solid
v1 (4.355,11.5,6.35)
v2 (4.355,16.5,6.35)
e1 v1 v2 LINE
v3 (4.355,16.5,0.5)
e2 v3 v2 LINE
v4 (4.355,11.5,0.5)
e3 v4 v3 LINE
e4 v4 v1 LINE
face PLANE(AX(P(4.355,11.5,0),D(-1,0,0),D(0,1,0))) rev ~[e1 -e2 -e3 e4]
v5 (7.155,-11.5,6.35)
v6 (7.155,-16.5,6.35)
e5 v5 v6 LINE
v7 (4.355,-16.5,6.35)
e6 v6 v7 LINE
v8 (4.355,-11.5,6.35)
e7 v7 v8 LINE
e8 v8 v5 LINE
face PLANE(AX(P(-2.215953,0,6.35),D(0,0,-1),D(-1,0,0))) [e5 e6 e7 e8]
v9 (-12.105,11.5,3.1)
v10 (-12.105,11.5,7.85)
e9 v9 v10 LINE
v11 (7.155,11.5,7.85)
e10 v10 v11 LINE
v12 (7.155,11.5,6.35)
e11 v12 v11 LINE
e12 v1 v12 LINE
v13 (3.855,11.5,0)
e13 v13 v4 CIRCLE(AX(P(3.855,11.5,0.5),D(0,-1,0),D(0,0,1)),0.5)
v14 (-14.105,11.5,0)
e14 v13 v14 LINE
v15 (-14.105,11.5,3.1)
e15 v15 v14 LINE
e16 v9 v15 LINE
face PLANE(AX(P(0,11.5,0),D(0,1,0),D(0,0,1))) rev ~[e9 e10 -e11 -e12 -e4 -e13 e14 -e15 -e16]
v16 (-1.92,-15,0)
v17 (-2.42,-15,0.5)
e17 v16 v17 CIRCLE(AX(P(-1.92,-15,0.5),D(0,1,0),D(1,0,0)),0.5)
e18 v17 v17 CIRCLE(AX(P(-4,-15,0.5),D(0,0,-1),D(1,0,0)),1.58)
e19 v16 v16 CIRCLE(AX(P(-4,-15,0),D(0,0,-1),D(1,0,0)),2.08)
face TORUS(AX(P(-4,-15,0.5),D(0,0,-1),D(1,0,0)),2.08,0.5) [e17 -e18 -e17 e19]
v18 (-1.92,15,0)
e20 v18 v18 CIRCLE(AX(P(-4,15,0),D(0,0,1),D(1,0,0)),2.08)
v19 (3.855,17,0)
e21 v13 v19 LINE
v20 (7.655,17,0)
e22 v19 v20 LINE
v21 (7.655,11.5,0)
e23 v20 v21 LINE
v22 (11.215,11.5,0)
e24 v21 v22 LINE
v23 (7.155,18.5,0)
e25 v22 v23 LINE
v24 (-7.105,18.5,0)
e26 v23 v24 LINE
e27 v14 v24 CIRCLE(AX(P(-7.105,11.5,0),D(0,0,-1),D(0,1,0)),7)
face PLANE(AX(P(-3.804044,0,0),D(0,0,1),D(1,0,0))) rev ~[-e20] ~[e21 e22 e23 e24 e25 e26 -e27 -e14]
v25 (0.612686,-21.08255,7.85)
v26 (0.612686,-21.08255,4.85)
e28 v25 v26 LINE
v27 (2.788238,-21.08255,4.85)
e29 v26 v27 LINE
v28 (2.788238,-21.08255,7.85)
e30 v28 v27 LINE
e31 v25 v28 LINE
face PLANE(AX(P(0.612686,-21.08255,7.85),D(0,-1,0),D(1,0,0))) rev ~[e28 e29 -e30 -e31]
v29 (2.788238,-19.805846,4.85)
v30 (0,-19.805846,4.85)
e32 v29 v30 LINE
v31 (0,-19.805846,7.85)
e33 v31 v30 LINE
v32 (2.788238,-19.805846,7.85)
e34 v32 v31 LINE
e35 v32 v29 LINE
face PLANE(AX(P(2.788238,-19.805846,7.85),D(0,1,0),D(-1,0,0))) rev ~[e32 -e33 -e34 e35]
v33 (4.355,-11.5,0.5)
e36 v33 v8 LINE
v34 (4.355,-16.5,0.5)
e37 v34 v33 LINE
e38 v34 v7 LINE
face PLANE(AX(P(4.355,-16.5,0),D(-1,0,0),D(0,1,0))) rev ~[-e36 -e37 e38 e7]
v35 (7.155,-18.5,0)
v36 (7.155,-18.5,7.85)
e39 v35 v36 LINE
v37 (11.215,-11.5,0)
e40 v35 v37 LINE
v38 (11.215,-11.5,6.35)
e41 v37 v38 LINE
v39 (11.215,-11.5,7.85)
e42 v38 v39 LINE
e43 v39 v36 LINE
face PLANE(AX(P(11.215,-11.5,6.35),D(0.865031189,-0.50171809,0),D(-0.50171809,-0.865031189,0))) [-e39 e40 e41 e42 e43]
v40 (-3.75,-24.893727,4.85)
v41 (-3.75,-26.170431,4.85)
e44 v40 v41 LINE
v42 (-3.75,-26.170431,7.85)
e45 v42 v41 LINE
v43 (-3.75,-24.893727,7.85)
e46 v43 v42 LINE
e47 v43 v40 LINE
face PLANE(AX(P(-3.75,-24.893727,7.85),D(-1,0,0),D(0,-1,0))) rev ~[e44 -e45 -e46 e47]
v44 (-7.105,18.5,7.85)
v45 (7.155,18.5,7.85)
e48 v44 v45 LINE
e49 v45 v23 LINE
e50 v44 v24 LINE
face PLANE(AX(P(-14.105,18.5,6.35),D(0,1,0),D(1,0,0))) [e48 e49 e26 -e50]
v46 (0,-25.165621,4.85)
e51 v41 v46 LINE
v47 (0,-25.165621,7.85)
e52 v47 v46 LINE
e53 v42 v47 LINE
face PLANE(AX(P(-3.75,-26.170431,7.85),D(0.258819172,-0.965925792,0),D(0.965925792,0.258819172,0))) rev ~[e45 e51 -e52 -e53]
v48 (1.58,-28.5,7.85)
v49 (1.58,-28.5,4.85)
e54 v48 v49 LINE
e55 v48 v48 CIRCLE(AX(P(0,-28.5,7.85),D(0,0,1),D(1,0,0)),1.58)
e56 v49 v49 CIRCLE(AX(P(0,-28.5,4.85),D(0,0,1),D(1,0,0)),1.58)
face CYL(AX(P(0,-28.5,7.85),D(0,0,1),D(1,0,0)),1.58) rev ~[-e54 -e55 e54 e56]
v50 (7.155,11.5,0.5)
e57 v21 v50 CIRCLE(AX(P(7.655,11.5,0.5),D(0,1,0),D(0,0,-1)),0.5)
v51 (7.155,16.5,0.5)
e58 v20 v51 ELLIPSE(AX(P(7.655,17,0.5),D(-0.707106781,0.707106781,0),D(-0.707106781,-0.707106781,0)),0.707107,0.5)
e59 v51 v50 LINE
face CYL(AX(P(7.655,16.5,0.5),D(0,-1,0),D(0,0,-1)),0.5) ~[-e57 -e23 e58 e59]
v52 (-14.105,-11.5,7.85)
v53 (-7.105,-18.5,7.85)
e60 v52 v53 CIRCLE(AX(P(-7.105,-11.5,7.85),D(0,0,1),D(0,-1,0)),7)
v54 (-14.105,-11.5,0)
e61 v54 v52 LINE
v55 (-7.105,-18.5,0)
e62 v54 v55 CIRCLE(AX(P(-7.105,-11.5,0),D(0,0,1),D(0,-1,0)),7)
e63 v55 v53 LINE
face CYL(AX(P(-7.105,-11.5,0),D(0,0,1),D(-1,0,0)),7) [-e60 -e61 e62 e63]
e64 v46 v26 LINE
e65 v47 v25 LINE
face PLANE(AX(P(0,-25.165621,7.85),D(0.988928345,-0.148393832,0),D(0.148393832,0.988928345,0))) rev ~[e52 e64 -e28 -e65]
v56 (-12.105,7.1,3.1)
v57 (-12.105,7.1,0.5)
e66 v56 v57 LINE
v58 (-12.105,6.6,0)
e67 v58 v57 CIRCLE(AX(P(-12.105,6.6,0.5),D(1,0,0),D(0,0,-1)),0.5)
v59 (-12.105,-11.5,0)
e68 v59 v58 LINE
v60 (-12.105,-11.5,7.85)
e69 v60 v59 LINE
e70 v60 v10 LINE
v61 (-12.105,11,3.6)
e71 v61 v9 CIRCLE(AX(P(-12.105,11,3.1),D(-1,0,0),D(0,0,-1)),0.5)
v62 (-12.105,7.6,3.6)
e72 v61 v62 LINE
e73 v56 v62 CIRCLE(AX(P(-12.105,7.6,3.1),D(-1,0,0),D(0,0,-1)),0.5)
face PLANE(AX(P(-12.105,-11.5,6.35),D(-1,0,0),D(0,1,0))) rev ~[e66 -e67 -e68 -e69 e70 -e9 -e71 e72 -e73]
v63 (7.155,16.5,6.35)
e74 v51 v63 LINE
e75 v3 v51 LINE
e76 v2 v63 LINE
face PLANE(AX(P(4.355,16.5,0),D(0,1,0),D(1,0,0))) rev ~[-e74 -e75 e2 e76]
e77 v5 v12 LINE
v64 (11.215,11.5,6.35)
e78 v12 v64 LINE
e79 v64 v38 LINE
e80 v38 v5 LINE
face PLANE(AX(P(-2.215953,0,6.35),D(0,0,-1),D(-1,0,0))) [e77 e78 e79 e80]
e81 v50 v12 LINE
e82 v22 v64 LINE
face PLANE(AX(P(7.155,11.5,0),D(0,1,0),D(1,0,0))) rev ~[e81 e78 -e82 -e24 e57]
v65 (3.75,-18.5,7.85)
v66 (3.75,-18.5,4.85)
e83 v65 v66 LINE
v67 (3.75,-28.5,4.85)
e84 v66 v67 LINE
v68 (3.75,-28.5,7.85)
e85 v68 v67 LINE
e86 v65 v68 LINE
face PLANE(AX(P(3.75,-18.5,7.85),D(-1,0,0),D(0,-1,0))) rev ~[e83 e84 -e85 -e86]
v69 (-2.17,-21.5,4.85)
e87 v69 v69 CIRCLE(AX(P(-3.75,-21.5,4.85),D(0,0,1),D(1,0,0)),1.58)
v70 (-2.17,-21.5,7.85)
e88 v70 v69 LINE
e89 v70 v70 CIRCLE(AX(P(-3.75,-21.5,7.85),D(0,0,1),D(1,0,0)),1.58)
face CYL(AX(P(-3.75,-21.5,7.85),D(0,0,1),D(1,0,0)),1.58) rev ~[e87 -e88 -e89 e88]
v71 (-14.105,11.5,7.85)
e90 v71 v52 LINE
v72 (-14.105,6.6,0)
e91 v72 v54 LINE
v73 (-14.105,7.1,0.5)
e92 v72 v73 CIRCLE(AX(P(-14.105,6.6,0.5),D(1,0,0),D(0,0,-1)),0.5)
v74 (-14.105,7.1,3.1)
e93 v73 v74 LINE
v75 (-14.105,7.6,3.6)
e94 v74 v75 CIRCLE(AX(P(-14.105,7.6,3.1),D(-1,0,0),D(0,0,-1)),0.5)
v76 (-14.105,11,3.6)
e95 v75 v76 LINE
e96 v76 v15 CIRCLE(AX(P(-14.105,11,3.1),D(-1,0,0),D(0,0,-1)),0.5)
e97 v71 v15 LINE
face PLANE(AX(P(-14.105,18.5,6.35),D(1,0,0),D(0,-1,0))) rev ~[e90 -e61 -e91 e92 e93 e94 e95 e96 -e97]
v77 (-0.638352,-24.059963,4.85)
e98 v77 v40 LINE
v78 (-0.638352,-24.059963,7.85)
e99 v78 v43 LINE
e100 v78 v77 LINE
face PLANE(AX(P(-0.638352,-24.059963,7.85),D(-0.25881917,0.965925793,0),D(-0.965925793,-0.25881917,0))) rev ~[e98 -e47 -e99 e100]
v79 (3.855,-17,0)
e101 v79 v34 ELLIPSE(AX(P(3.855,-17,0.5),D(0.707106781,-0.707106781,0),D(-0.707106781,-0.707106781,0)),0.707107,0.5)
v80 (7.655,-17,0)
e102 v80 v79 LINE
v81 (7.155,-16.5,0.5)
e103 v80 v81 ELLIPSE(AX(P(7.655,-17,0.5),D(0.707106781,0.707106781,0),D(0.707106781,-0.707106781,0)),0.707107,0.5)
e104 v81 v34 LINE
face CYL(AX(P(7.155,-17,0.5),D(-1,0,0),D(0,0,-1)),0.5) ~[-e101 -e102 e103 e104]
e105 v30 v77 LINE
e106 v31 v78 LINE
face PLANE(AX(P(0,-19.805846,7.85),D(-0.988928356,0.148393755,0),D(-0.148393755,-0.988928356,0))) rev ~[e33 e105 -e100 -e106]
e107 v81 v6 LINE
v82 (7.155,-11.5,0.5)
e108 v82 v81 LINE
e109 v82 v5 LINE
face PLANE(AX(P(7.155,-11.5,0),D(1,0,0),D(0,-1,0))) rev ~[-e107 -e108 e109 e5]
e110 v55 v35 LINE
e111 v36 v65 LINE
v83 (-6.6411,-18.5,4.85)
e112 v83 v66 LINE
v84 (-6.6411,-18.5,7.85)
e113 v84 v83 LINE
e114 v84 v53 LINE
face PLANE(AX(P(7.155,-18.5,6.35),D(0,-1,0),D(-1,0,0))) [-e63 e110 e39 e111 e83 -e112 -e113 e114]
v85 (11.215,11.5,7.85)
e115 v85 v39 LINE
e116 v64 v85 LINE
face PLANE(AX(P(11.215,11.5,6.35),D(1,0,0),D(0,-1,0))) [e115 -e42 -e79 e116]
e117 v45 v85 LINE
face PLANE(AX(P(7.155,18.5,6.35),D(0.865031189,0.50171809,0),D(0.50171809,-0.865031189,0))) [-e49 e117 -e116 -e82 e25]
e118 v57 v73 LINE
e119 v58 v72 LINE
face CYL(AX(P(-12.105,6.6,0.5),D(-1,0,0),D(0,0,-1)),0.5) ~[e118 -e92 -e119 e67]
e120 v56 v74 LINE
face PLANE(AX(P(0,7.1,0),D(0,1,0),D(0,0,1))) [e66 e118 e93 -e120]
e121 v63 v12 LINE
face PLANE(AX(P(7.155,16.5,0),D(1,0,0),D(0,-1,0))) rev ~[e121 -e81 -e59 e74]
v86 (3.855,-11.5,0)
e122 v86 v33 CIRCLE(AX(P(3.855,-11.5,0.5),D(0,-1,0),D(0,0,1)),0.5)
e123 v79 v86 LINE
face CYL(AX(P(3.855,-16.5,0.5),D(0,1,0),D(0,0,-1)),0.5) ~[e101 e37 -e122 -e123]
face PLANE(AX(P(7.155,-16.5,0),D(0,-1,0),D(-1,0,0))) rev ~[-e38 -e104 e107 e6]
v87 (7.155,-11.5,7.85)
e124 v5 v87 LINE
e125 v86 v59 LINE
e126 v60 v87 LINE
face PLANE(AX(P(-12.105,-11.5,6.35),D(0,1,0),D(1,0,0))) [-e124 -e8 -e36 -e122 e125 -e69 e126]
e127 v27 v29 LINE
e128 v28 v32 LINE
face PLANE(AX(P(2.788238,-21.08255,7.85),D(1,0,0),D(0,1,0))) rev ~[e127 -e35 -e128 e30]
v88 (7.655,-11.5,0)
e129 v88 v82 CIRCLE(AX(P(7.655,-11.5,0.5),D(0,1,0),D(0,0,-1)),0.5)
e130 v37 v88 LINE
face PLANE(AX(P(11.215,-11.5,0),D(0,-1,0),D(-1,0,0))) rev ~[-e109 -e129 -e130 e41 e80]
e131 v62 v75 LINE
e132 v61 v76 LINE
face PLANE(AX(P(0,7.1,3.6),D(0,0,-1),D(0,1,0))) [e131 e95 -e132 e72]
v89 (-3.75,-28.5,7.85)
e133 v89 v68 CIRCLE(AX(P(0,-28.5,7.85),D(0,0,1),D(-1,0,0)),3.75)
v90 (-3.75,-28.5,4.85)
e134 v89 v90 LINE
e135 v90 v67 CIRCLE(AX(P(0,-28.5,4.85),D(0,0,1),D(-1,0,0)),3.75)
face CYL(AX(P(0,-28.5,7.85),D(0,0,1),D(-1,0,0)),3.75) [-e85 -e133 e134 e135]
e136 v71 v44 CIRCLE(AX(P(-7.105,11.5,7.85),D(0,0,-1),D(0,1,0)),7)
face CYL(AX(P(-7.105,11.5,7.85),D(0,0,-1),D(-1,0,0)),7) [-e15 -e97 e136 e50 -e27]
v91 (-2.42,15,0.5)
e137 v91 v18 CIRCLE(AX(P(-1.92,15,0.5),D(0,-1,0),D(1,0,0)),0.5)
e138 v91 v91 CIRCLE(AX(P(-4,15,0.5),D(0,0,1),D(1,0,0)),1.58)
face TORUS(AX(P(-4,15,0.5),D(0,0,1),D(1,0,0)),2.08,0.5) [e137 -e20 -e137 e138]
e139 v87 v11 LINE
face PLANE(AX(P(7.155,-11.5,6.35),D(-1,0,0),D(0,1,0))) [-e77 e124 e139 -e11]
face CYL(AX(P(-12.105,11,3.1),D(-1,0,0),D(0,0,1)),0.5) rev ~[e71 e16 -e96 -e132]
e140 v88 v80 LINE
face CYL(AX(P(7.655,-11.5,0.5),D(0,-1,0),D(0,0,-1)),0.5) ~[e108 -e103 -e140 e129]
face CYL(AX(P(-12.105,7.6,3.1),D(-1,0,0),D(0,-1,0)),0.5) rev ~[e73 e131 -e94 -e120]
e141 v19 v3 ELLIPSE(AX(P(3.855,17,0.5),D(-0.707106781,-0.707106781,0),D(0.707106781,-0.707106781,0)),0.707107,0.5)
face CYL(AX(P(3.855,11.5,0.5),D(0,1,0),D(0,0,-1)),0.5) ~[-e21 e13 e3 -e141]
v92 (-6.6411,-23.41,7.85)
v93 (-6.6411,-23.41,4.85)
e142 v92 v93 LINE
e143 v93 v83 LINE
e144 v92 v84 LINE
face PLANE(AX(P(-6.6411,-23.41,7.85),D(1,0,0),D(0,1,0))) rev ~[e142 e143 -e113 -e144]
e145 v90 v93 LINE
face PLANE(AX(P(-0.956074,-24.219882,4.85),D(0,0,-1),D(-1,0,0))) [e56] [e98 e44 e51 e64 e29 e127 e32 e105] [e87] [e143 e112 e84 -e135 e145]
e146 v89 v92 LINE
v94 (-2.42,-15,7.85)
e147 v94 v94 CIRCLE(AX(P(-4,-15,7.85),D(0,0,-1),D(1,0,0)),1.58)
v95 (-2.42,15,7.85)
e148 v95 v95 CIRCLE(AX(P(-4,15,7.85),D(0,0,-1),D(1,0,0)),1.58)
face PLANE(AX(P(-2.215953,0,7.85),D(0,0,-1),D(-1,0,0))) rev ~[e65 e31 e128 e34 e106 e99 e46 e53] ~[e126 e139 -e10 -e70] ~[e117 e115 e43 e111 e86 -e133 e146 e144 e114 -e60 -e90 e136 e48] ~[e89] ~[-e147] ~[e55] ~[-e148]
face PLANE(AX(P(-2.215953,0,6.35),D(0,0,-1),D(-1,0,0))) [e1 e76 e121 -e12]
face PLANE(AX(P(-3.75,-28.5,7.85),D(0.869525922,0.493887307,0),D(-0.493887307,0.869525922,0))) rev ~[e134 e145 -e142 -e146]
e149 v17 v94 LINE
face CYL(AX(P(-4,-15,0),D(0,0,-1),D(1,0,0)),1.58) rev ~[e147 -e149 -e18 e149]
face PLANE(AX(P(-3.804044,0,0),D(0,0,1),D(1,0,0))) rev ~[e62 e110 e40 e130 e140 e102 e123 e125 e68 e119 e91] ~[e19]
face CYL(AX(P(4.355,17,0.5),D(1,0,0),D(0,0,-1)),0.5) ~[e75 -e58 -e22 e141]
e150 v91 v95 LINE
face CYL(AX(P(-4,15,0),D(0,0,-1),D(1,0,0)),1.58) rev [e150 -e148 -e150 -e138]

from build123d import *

# Parameters (mm, degrees)
PAD_DEPTH       = 6.35
SKETCH001_W     = 19.26
SKETCH001_H     = 23
PAD001_DEPTH    = 1.5
SKETCH003_R     = 1.58
POCKET_DEPTH    = 98.88341
SKETCH002_W     = 4.4
SKETCH002_H     = 3.6
POCKET001_DEPTH = 14.106
FILLET_R        = 7
FILLET001_R     = 0.5
SKETCH004_R     = 1.58
PAD002_DEPTH    = 3


with BuildPart() as part:
    # Sketch → Pad (new body)
    with BuildSketch(Plane.XY):
        Polygon((4.355, -11.5), (-12.105, -11.5), (-12.105, 11.5), (4.355, 11.5), (4.355, 16.5), (7.155, 16.5), (7.155, 11.5), (11.215, 11.5), (7.155, 18.5), (-14.105, 18.5), (-14.105, -18.5), (7.155, -18.5), (11.215, -11.5), (7.155, -11.5), (7.155, -16.5), (4.355, -16.5), align=None)
    extrude(amount=PAD_DEPTH)

    # Sketch001 → Pad001 (join)
    with BuildSketch(Plane.XY.offset(6.35)):
        Polygon((-14.105, 0), (-14.105, 18.5), (7.155, 18.5), (11.215, 11.5), (11.215, -11.5), (7.155, -18.5), (-14.105, -18.5), align=None)
        with Locations((-2.475, 0)):
            Rectangle(SKETCH001_W, SKETCH001_H, mode=Mode.SUBTRACT)
    extrude(amount=PAD001_DEPTH)

    # Sketch003 → Pocket (cut, through all)
    with BuildSketch(Plane.XY):
        with Locations((-4, 15)):
            Circle(SKETCH003_R)
    pocket = extrude(amount=POCKET_DEPTH, mode=Mode.SUBTRACT)

    # Mirrored: Pocket across Sketch003 H_Axis
    add(pocket.mirror(Plane.ZX), mode=Mode.SUBTRACT)

    # Sketch002 → Pocket001 (cut, through all)
    with BuildSketch(Plane.YZ):
        with Locations((9.3, 1.8)):
            Rectangle(SKETCH002_W, SKETCH002_H)
    extrude(amount=-POCKET001_DEPTH, mode=Mode.SUBTRACT)

    # Fillet
    fillet_edges = [part.edges().sort_by_distance(p)[0] for p in [
        (-14.105, -18.5, 3.175),
        (-14.105, 18.5, 3.175),
    ]]
    fillet(fillet_edges, radius=FILLET_R)

    # Fillet001
    fillet001_edges = [part.edges().sort_by_distance(p)[0] for p in [
        (-13.105, 7.1, 0),
        (-13.105, 7.1, 3.6),
        (-13.105, 11.5, 3.6),
        (7.155, 14, 0),
        (5.755, 16.5, 0),
        (4.355, 14, 0),
        (7.155, -14, 0),
        (5.755, -16.5, 0),
        (4.355, -14, 0),
        (-5.58, -15, 0),
        (-5.58, 15, 0),
    ]]
    fillet(fillet001_edges, radius=FILLET001_R)

    # Sketch004 → Pad002 (join)
    with BuildSketch(Plane.XY.offset(7.85)):
        with BuildLine():
            Line((-6.6411, -18.5), (3.75, -18.5))
            Line((3.75, -18.5), (3.75, -28.5))
            ThreePointArc((-3.75, -28.5), (0, -32.25), (3.75, -28.5))
            Line((-3.75, -28.5), (-6.6411, -23.41))
            Line((-6.6411, -23.41), (-6.6411, -18.5))
        make_face()
        with Locations((0, -28.5)):
            Circle(SKETCH004_R, mode=Mode.SUBTRACT)
        with Locations((-3.75, -21.5)):
            Circle(SKETCH004_R, mode=Mode.SUBTRACT)
        Polygon((2.788238, -19.805846), (0, -19.805846), (-0.638352, -24.059963), (-3.75, -24.893727), (-3.75, -26.170431), (0, -25.165621), (0.612686, -21.08255), (2.788238, -21.08255), align=None, mode=Mode.SUBTRACT)
    extrude(amount=-PAD002_DEPTH)


solid = part.part
